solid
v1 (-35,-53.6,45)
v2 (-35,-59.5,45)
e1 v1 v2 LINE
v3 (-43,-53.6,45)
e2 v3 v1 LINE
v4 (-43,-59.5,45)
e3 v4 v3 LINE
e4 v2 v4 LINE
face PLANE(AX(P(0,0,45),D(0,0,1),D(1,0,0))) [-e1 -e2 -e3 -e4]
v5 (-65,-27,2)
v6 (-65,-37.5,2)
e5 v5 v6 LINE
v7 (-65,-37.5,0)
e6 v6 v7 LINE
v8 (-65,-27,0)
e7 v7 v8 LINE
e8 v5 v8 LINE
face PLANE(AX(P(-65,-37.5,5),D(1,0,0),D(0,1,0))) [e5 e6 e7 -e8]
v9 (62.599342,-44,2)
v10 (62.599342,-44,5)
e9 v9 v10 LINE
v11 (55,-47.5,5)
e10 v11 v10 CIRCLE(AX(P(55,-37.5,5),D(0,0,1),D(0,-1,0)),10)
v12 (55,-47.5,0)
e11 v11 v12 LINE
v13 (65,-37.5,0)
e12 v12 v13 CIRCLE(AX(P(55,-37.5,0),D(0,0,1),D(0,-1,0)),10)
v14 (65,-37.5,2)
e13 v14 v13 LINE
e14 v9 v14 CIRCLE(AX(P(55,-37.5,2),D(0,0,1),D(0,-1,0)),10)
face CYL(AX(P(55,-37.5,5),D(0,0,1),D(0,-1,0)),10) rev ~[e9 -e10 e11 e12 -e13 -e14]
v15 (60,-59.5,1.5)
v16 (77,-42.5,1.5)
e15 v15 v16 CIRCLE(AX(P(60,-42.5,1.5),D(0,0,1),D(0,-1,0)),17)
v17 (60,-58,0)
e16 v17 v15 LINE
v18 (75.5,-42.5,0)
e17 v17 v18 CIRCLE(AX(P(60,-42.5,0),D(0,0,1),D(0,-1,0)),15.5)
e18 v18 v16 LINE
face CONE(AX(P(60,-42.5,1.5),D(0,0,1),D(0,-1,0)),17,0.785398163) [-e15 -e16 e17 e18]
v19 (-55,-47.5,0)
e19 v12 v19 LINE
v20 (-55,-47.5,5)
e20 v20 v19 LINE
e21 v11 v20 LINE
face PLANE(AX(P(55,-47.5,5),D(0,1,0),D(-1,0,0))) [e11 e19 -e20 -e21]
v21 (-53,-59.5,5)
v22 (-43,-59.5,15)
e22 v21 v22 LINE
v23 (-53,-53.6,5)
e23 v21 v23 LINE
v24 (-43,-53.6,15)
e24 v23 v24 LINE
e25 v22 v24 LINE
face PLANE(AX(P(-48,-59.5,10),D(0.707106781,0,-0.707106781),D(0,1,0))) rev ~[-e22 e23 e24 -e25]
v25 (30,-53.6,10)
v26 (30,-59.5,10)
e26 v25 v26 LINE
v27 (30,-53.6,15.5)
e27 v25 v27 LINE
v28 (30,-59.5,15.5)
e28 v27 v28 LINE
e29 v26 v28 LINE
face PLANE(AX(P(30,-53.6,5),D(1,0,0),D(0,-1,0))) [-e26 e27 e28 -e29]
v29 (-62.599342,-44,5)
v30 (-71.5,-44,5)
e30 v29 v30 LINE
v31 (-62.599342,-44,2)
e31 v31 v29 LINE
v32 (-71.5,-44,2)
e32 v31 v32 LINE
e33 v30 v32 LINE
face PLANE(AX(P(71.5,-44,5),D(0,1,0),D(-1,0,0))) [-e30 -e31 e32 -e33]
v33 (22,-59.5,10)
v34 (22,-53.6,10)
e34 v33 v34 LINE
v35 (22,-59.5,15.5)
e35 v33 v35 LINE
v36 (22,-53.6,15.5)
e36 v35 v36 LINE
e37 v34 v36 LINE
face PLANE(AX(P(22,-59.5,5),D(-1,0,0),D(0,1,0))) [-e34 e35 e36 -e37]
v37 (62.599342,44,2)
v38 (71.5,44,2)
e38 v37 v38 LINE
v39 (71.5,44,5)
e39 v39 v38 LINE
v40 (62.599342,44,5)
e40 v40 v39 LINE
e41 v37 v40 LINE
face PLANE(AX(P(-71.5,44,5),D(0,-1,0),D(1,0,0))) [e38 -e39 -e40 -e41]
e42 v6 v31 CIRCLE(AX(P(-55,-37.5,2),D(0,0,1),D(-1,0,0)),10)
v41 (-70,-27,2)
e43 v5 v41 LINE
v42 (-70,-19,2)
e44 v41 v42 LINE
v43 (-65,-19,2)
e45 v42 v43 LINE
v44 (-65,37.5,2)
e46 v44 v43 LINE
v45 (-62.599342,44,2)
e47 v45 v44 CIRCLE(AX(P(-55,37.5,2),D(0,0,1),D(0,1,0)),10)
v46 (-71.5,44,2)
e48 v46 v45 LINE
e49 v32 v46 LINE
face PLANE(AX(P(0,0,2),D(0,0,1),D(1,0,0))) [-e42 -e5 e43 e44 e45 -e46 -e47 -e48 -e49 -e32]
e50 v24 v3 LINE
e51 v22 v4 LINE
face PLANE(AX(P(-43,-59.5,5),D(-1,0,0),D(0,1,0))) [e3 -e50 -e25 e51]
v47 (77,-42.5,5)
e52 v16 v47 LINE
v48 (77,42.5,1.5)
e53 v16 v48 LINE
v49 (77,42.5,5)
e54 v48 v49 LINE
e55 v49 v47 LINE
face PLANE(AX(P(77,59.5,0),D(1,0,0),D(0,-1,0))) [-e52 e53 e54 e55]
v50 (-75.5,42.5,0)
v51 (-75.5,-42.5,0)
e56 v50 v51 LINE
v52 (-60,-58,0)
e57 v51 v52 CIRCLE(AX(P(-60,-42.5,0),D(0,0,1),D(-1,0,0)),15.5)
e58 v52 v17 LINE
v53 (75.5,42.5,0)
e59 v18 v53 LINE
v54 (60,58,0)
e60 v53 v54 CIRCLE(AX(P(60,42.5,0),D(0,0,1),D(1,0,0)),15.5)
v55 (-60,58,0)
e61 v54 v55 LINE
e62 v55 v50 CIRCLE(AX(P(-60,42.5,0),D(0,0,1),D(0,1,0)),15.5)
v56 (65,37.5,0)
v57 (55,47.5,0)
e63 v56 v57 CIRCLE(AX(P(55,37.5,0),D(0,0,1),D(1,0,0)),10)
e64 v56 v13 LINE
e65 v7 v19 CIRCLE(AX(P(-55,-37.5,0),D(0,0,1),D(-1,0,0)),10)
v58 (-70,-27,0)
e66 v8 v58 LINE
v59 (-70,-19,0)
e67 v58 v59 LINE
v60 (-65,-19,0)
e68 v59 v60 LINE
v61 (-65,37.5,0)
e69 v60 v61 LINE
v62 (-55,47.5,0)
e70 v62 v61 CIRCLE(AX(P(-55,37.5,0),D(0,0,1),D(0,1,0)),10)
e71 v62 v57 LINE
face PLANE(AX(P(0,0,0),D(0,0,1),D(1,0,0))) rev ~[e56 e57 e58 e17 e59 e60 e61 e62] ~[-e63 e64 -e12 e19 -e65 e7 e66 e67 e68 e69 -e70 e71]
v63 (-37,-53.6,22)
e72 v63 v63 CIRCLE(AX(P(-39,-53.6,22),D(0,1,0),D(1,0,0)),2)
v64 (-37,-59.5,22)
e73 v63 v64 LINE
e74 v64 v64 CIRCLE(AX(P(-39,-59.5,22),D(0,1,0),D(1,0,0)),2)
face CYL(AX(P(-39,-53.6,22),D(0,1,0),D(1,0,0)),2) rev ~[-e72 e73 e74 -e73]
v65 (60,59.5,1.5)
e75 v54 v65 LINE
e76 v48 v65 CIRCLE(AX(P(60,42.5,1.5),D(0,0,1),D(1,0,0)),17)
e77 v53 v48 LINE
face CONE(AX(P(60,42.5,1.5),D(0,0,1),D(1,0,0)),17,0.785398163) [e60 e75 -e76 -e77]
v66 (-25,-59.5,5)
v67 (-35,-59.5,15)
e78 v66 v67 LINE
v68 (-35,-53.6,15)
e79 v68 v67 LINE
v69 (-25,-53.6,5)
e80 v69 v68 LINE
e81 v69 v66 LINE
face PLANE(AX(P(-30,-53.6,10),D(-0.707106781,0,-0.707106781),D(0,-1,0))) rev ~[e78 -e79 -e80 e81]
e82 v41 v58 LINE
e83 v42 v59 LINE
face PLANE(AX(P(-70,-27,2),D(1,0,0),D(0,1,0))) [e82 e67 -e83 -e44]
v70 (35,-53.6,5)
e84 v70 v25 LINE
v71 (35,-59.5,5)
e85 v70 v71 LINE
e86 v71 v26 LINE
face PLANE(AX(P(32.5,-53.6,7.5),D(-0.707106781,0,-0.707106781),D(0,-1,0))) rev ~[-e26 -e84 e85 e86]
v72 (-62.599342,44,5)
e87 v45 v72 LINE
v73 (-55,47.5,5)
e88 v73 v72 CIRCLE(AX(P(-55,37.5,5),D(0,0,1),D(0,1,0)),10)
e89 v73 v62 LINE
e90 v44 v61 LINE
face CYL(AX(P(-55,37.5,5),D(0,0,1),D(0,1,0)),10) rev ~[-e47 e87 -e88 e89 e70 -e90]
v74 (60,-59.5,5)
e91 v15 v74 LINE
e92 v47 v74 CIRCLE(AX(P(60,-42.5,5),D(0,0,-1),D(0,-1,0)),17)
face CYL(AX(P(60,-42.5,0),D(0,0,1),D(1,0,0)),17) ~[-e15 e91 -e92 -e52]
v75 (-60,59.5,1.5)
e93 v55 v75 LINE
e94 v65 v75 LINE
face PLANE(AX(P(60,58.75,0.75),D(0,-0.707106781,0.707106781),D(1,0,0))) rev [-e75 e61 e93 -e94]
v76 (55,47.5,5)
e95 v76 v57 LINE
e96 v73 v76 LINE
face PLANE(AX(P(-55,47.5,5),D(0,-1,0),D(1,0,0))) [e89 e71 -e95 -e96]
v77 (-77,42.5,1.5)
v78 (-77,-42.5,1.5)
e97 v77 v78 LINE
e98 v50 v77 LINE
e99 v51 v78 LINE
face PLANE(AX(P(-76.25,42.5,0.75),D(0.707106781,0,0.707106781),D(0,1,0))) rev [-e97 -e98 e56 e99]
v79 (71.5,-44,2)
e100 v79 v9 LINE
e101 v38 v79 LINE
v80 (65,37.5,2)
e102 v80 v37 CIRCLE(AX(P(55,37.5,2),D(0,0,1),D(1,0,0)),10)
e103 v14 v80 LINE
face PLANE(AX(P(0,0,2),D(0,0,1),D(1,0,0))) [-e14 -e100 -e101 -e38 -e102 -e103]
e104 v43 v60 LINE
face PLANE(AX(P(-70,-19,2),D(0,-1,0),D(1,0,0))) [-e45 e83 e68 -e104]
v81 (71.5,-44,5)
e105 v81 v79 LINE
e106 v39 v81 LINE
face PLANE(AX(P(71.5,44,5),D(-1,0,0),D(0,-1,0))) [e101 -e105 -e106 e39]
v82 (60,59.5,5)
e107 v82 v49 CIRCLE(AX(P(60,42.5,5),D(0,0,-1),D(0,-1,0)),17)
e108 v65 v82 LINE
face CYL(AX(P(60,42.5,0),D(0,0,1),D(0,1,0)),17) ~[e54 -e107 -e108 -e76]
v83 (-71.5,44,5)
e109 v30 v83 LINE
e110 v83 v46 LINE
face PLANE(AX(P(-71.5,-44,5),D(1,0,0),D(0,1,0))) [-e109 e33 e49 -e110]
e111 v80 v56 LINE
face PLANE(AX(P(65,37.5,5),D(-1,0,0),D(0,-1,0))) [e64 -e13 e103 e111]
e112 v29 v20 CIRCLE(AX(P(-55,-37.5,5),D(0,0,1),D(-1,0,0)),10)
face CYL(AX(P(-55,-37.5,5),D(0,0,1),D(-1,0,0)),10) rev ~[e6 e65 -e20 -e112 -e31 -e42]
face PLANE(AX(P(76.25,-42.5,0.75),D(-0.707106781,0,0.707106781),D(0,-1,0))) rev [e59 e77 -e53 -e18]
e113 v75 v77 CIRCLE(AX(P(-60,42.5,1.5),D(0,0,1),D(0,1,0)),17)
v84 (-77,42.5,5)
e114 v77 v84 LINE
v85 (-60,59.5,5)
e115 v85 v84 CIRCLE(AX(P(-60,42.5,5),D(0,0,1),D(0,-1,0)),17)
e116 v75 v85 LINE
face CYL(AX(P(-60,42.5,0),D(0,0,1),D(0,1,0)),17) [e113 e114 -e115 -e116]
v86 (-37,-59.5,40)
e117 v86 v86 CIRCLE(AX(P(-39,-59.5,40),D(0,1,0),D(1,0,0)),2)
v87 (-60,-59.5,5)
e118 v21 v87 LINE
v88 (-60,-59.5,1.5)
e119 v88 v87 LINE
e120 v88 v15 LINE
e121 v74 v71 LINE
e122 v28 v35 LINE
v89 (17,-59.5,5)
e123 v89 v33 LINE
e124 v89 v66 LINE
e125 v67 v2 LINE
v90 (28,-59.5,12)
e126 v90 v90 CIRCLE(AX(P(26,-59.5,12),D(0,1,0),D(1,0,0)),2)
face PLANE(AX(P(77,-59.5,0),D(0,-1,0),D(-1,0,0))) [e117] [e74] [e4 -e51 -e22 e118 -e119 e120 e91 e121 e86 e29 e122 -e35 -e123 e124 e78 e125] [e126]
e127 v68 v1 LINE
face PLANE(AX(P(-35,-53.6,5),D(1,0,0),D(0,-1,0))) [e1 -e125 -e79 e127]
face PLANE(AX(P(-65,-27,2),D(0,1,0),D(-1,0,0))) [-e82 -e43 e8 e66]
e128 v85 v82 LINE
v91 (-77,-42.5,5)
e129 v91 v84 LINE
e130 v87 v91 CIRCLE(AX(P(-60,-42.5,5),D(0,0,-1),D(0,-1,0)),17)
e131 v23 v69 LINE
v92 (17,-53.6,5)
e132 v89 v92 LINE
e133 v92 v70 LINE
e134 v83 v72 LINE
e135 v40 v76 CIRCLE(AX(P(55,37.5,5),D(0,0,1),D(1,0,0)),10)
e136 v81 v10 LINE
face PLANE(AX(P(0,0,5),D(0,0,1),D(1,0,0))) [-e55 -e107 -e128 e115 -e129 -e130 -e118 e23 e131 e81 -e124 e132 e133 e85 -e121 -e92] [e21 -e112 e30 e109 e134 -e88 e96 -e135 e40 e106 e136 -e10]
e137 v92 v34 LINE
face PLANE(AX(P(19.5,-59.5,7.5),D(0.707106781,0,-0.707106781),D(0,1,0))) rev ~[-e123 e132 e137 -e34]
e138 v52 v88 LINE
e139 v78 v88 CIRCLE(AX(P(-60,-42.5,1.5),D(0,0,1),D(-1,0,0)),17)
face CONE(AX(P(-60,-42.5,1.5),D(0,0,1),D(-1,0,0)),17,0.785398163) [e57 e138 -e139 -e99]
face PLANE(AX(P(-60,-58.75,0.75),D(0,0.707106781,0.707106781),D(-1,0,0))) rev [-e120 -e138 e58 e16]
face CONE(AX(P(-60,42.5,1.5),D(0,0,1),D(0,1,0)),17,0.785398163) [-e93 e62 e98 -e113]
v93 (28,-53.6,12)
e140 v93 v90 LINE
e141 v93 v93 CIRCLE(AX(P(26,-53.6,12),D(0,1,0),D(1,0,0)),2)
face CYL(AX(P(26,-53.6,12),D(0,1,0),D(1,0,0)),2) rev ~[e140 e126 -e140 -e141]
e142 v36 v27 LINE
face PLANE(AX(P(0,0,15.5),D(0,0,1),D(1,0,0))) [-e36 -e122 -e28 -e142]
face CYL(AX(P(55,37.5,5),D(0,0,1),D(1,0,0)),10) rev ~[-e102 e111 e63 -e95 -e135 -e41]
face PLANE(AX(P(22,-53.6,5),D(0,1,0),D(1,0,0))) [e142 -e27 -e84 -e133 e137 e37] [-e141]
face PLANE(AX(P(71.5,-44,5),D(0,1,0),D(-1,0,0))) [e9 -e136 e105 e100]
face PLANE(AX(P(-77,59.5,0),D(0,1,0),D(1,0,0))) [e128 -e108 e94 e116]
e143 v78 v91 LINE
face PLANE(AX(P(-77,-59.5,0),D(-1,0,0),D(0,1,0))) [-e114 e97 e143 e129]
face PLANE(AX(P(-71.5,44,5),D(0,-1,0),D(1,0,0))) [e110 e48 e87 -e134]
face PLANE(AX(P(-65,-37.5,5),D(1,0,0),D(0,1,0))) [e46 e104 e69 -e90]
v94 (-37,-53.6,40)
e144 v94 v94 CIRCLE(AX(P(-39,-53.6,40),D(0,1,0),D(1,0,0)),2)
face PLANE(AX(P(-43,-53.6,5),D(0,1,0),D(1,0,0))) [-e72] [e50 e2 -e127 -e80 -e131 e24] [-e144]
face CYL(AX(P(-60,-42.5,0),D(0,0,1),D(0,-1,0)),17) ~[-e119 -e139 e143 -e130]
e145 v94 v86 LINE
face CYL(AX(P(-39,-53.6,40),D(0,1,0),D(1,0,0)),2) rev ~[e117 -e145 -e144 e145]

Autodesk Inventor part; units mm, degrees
ref_plane "YZ Plane" through (0, 0, 0) normal (1, 0, 0) x (0, 1, 0)
ref_plane "XZ Plane" through (0, 0, 0) normal (0, 1, 0) x (-1, 0, 0)
ref_plane "XY Plane" through (0, 0, 0) normal (0, 0, 1) x (1, 0, 0)
sketch "Skizze1" plane through (0, 0, 0) normal (0, 0, 1) x (1, 0, 0)
  line L0 (-77, 59.5) -> (77, 59.5)
  line L1 (77, 59.5) -> (77, -59.5)
  line L2 (77, -59.5) -> (-77, -59.5)
  line L3 (-77, -59.5) -> (-77, 59.5)
  line L4 (-77, 59.5) -> (77, -59.5) construction
  line L5 (77, 59.5) -> (-77, -59.5) construction
  point P0 (0, 0)
  dimension "d0" = 154
  dimension "d1" = 119
extrude "Extrusion1" add sketch "Skizze1" along normal blind 5
fillet "Rundung1" radius 17 4 edges at (77, 59.5, 2.5) (77, -59.5, 2.5) (-77, -59.5, 2.5) (-77, 59.5, 2.5)
chamfer "Fasen1" distance 1.5 angle 45 8 edges at (-72.0208, 54.5208, 0) (-77, 0, 0) (-72.0208, -54.5208, 0) (0, -59.5, 0) (72.0208, -54.5208, 0) (77, 0, 0) (72.0208, 54.5208, 0) (0, 59.5, 0)
sketch "Skizze2" plane through (0, 0, 5) normal (0, 0, 1) x (1, 0, 0)
  line L0 (-55, 47.5) -> (55, 47.5)
  line L1 (65, 37.5) -> (65, -37.5)
  line L2 (55, -47.5) -> (-55, -47.5)
  line L3 (-65, -37.5) -> (-65, 37.5)
  line L4 (-65, 47.5) -> (65, -47.5) construction
  line L5 (65, 47.5) -> (-65, -47.5) construction
  arc A0 (-55, 47.5) -> (-65, 37.5) centre (-55, 37.5) ccw
  arc A1 (65, 37.5) -> (55, 47.5) centre (55, 37.5) ccw
  arc A2 (-65, -37.5) -> (-55, -47.5) centre (-55, -37.5) ccw
  arc A3 (55, -47.5) -> (65, -37.5) centre (55, -37.5) ccw
  line L6 (77, -42.5) -> (77, 42.5) projected
  line L7 (-77, 42.5) -> (-77, -42.5) projected
  line L8 (-60, -59.5) -> (60, -59.5) projected
  line L9 (60, 59.5) -> (-60, 59.5) projected
  point P0 (0, 0)
  dimension "d10" = 10
  dimension "d11" = 10
  dimension "d12" = 10
  dimension "d13" = 10
  dimension "d14" = 95
  dimension "d15" = 130
  dimension "d16" = 154
  dimension "d17" = 119
extrude "Extrusion2" cut sketch "Skizze2" against normal through all
sketch "Skizze3" plane through (0, 0, 5) normal (0, 0, 1) x (1, 0, 0)
  line L0 (-71.5, 44) -> (71.5, 44)
  line L1 (71.5, 44) -> (71.5, -44)
  line L2 (71.5, -44) -> (-71.5, -44)
  line L3 (-71.5, -44) -> (-71.5, 44)
  line L4 (-71.5, 44) -> (71.5, -44) construction
  line L5 (71.5, 44) -> (-71.5, -44) construction
  point P0 (0, 0)
  dimension "d20" = 143
  dimension "d21" = 88
extrude "Extrusion3" cut sketch "Skizze3" against normal blind 3
sketch "Skizze5" plane through (0, 0, 5) normal (0, 0, 1) x (1, 0, 0)
  line L0 (-77, 42.5) -> (-77, -42.5) projected
  line L1 (-35, -59.5) -> (-43, -59.5)
  line L2 (-43, -59.5) -> (-43, -53.6)
  line L3 (-43, -53.6) -> (-35, -53.6)
  line L4 (-35, -53.6) -> (-35, -59.5)
  line L5 (-35, -59.5) -> (-43, -53.6) construction
  line L6 (-43, -59.5) -> (-35, -53.6) construction
  line L7 (-60, -59.5) -> (60, -59.5) projected
  line L8 (30, -59.5) -> (22, -59.5)
  line L9 (22, -59.5) -> (22, -53.6)
  line L10 (22, -53.6) -> (30, -53.6)
  line L11 (30, -53.6) -> (30, -59.5)
  line L12 (30, -59.5) -> (22, -53.6) construction
  line L13 (22, -59.5) -> (30, -53.6) construction
  point P0 (0, 0)
  point P1 (-39, -56.55)
  point P2 (26, -56.55)
  dimension "d29" = 38
  dimension "d30" = 5.9
  dimension "d31" = 8
  dimension "d37" = 103
  dimension "d38" = 8
  dimension "d39" = 5.9
extrude "Extrusion5" add sketch "Skizze5" along normal blind 40 contours L1 L2 L3 L4
chamfer "Fasen2" distance 10 angle 45 2 edges at (-43, -56.55, 5) (-35, -56.55, 5)
sketch "Skizze6" plane through (0, 0, 5) normal (0, 0, 1) x (1, 0, 0)
  line L0 (22, -53.6) -> (30, -53.6) projected
  line L1 (30, -53.6) -> (30, -59.5) projected
  line L2 (30, -59.5) -> (22, -59.5) projected
  line L3 (22, -59.5) -> (22, -53.6) projected
  point P0 (0, 0)
extrude "Extrusion6" add sketch "Skizze6" along normal blind 10.5
chamfer "Fasen3" distance 5 angle 45 2 edges at (22, -56.55, 5) (30, -56.55, 5)
sketch "Skizze7" plane through (0, 0, 2) normal (0, 0, 1) x (1, 0, 0)
  line L0 (-65, -27) -> (-70, -27)
  line L1 (-70, -27) -> (-70, -19)
  line L2 (-70, -19) -> (-65, -19)
  line L3 (-65, -19) -> (-65, -27)
  line L4 (-65, -27) -> (-70, -19) construction
  line L5 (-70, -27) -> (-65, -19) construction
  line L6 (-62.5993, -44) -> (-71.5, -44) projected
  line L7 (-65, 37.5) -> (-65, -37.5) projected
  point P0 (0, 0)
  point P1 (-67.5, -23)
  dimension "d45" = 21
  dimension "d46" = 8
  dimension "d48" = 5
extrude "Extrusion7" cut sketch "Skizze7" against normal blind 3
sketch "Skizze8" plane through (22, -53.6, 15.5) normal (0, 1, 0) x (1, 0, 0)
  line L0 (-57, -29.5) -> (-65, -29.5) projected
  circle A0 centre (-61, -24.5) radius 2
  circle A1 centre (-61, -6.5) radius 2
  circle A2 centre (4, 3.5) radius 2
  line L1 (8, 0) -> (0, 0) projected
  line L2 (-61, -29.5) -> (-61, 10.5) construction
  line L3 (-77, 10.5) -> (33, 10.5) construction
  point P0 (-22, 15.5)
  point P1 (4, 0)
  dimension "d51" = 4
  dimension "d52" = 5
  dimension "d53" = 4
  dimension "d54" = 18
  dimension "d55" = 4
  dimension "d56" = 33
  dimension "d57" = 0
extrude "Extrusion8" cut sketch "Skizze8" against normal through all
properties part number "220_Frame_Mainboard"
